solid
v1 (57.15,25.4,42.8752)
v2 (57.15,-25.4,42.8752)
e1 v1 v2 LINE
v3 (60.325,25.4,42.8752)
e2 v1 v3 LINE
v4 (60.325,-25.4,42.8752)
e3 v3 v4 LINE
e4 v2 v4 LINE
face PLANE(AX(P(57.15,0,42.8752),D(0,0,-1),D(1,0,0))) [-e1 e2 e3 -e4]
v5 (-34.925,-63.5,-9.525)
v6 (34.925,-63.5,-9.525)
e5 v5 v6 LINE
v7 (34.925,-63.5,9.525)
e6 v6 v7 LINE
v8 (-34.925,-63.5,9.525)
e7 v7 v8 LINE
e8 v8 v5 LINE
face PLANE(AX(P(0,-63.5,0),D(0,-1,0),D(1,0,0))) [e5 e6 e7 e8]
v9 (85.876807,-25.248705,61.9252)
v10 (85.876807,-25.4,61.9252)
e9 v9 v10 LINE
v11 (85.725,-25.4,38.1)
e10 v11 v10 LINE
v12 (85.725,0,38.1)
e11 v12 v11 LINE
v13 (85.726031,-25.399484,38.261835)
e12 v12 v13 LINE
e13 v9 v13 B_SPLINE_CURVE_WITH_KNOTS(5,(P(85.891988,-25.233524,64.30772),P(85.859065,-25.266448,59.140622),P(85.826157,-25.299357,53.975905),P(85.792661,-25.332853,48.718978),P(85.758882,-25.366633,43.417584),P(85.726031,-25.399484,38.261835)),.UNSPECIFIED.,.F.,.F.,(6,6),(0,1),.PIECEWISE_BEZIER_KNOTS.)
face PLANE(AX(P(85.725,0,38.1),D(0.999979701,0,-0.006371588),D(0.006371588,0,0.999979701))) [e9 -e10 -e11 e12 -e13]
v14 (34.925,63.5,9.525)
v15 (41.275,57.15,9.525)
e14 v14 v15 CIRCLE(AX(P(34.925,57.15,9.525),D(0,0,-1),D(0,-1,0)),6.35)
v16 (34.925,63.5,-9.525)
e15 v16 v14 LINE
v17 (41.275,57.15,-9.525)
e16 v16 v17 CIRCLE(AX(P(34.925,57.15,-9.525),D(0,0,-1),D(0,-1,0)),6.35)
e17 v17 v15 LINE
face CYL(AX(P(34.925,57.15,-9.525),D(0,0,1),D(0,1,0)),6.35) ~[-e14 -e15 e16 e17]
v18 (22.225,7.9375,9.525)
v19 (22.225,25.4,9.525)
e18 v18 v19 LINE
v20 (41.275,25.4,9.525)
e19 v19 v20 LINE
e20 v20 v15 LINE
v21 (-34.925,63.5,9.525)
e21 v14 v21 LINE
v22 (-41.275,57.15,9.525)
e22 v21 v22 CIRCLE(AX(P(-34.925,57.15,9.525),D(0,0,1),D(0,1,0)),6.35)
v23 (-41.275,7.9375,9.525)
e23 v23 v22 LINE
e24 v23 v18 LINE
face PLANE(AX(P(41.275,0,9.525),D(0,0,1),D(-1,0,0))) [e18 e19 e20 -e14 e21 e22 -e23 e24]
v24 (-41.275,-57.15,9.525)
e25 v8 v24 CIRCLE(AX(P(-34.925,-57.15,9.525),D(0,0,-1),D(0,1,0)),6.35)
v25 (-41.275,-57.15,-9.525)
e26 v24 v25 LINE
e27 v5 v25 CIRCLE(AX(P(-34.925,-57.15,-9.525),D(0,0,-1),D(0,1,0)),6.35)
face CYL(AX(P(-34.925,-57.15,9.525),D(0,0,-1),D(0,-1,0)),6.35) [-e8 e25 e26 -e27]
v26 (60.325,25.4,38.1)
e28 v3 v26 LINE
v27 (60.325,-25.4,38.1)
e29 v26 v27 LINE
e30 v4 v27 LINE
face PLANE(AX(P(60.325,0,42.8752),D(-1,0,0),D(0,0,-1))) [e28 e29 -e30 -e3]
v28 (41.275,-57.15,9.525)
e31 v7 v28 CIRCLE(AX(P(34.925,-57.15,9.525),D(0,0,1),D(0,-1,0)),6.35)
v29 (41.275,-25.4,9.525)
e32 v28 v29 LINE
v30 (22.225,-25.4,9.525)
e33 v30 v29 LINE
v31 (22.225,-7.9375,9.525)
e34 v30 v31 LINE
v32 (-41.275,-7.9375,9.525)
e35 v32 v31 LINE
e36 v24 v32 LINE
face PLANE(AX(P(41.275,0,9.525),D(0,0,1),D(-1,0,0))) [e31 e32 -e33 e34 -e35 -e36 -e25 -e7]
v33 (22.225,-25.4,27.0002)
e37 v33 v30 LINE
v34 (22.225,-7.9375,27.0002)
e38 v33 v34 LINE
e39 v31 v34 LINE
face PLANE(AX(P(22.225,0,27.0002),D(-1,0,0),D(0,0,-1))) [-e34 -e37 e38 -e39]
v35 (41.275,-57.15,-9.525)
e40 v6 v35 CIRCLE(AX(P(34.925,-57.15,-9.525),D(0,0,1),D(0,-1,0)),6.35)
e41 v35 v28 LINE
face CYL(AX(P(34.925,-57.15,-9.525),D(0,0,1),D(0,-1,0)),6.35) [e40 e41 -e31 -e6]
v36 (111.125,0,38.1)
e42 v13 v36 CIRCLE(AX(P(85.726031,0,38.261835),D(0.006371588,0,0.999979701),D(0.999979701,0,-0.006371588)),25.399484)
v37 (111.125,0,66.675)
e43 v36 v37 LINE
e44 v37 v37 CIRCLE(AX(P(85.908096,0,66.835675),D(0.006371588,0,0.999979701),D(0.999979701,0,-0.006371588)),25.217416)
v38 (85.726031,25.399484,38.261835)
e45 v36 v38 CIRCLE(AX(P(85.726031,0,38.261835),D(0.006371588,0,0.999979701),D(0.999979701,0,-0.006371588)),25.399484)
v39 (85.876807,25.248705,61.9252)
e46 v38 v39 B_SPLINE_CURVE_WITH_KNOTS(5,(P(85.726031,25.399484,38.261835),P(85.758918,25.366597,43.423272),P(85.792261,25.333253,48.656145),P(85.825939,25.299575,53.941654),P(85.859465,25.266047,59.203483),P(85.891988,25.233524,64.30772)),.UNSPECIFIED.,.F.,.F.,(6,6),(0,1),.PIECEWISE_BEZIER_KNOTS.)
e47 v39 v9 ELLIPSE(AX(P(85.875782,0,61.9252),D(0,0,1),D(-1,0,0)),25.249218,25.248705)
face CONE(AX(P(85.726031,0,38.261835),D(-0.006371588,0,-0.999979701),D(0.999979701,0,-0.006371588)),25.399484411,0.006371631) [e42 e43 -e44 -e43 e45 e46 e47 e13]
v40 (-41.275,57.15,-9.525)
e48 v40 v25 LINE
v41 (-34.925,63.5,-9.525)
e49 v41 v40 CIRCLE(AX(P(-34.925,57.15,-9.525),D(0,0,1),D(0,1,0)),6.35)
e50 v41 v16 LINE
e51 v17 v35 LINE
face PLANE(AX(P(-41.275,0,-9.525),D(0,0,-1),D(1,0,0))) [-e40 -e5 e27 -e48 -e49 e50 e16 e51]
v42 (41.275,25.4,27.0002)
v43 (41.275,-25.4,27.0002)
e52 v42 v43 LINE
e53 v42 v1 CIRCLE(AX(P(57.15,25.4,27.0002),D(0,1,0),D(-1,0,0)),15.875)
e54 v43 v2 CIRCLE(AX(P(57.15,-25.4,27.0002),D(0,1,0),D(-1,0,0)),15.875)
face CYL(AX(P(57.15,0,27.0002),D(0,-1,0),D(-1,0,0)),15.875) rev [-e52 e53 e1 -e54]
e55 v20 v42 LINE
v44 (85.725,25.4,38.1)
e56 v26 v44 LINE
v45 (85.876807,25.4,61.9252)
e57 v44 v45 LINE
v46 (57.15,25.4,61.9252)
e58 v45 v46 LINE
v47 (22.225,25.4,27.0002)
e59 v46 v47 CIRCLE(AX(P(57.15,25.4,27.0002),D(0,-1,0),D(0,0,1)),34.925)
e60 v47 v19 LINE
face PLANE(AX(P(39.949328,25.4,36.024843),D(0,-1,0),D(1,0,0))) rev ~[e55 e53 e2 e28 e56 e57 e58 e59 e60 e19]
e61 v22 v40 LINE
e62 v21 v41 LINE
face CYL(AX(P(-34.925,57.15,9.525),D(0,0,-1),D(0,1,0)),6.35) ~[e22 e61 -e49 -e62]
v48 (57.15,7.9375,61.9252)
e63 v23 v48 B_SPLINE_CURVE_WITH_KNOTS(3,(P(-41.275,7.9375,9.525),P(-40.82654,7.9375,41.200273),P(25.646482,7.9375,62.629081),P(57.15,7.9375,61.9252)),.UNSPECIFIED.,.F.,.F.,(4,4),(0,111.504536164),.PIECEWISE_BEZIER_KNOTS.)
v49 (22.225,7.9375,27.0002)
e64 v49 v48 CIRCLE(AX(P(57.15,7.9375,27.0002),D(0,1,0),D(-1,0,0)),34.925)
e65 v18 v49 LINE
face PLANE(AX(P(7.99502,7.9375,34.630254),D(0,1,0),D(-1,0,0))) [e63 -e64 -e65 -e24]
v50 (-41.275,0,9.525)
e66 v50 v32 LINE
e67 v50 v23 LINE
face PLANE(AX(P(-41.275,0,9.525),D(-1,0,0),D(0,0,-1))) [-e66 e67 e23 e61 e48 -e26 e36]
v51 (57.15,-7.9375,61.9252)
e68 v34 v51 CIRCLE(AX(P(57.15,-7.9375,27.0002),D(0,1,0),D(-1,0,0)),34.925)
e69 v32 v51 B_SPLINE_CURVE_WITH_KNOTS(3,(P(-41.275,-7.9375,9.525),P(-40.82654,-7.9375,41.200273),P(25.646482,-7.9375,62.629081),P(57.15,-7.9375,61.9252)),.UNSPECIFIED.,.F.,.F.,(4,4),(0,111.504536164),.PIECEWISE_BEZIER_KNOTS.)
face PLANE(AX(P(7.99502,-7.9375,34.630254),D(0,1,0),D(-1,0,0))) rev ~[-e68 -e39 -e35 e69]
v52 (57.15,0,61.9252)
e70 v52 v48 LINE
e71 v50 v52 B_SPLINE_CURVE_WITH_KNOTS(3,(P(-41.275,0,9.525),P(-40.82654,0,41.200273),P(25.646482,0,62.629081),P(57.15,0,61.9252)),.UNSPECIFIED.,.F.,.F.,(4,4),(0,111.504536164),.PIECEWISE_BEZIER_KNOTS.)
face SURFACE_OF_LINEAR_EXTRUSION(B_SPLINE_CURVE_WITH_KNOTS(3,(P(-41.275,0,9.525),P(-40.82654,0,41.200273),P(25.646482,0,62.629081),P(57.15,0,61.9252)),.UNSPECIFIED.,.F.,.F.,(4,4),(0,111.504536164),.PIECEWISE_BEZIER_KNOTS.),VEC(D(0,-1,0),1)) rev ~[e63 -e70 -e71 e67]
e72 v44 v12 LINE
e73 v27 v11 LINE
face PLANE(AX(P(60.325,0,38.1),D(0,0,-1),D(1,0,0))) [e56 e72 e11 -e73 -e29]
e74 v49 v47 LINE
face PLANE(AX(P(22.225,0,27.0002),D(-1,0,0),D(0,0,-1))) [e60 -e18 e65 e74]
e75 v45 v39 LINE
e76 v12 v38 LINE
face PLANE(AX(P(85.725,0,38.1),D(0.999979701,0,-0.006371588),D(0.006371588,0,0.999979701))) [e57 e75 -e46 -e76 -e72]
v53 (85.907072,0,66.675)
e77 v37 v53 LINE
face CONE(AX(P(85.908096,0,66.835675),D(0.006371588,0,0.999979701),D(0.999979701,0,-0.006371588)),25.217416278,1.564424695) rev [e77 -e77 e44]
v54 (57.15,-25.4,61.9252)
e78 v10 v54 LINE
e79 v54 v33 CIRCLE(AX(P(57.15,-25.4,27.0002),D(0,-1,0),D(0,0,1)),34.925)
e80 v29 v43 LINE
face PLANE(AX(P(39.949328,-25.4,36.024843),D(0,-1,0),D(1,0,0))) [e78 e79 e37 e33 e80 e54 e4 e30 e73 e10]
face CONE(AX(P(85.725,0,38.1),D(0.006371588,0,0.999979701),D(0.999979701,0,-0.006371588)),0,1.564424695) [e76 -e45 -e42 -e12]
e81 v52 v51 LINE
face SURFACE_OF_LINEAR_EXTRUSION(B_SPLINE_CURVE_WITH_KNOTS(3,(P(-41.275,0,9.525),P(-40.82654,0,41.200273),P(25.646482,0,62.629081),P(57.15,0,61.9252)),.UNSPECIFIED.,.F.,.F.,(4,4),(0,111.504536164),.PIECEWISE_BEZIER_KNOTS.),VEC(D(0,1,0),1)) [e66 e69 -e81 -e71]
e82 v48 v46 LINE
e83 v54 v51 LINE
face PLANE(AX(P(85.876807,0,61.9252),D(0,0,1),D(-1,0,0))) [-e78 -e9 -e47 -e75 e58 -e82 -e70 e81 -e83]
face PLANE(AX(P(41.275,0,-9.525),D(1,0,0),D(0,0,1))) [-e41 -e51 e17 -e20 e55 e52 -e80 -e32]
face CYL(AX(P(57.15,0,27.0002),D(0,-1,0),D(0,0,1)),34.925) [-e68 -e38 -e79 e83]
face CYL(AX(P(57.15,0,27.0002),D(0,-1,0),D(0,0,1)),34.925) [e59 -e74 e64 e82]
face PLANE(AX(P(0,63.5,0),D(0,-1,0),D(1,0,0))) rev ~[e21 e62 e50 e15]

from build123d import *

# Parameters (mm, degrees)
F1_DEPTH = 63.5
F2_DEPTH = 25.4
F3_DEPTH = 7.9375
F5_R     = 6.35


with BuildPart() as f1:
    # F0 (on Front) → F1 (new body, symmetric)
    with BuildSketch(Plane.XZ):
        Polygon((-41.275, 9.525), (-41.275, -9.525), (41.275, -9.525), (41.275, 9.525), (22.225, 9.525), align=None)
    extrude(amount=F1_DEPTH, both=True)

    # F0 (on Front) → F2 (join, symmetric)
    with BuildSketch(Plane.XZ):
        with BuildLine():
            Line((22.225, 9.525), (41.275, 9.525))
            Line((41.275, 9.525), (41.275, 27.0002))
            ThreePointArc((41.275, 27.0002), (45.9246798487, 38.2255201513), (57.15, 42.8752))
            Line((57.15, 42.8752), (60.325, 42.8752))
            Line((60.325, 42.8752), (60.325, 61.9252))
            Line((60.325, 61.9252), (57.15, 61.9252))
            ThreePointArc((57.15, 61.9252), (32.4542956671, 51.6959043329), (22.225, 27.0002))
            Line((22.225, 27.0002), (22.225, 9.525))
        make_face()
        Polygon((75.878282736, 61.9252), (60.325, 61.9252), (60.325, 42.8752), (60.325, 38.1), (85.725, 38.1), (85.8768074448, 61.9252), align=None)
    extrude(amount=F2_DEPTH, both=True)

    # F0 (on Front) → F3 (join, symmetric)
    with BuildSketch(Plane.XZ):
        with BuildLine():
            add(Edge.make_bspline(
                [(-41.275, 9.525), (-40.8265404403, 41.2002727389), (25.646481663, 62.6290813088), (57.15, 61.9252)],
                knots=[0, 0, 0, 0, 111.5045361635, 111.5045361635, 111.5045361635, 111.5045361635], degree=3))
            Line((-41.275, 9.525), (22.225, 9.525))
            Line((22.225, 9.525), (22.225, 27.0002))
            ThreePointArc((22.225, 27.0002), (32.4542956671, 51.6959043329), (57.15, 61.9252))
        make_face()
    extrude(amount=F3_DEPTH, both=True)

    # F0 (on Front) → F4 (revolve)
    with BuildSketch(Plane.XZ):
        Polygon((111.125, 66.675), (85.9070718288, 66.675), (85.8768074448, 61.9252), (85.725, 38.1), (111.125, 38.1), align=None)
    revolve(axis=Axis((85.8160359144, 0, 52.3875), (0.0063715882, 0, 0.9999797012)))

    # F5
    f5_edges = [f1.edges().sort_by_distance(p)[0] for p in [
        (41.275, -63.5, 0),
        (-41.275, -63.5, 0),
        (41.275, 63.5, 0),
        (-41.275, 63.5, 0),
    ]]
    fillet(f5_edges, radius=F5_R)


solid = f1.part
